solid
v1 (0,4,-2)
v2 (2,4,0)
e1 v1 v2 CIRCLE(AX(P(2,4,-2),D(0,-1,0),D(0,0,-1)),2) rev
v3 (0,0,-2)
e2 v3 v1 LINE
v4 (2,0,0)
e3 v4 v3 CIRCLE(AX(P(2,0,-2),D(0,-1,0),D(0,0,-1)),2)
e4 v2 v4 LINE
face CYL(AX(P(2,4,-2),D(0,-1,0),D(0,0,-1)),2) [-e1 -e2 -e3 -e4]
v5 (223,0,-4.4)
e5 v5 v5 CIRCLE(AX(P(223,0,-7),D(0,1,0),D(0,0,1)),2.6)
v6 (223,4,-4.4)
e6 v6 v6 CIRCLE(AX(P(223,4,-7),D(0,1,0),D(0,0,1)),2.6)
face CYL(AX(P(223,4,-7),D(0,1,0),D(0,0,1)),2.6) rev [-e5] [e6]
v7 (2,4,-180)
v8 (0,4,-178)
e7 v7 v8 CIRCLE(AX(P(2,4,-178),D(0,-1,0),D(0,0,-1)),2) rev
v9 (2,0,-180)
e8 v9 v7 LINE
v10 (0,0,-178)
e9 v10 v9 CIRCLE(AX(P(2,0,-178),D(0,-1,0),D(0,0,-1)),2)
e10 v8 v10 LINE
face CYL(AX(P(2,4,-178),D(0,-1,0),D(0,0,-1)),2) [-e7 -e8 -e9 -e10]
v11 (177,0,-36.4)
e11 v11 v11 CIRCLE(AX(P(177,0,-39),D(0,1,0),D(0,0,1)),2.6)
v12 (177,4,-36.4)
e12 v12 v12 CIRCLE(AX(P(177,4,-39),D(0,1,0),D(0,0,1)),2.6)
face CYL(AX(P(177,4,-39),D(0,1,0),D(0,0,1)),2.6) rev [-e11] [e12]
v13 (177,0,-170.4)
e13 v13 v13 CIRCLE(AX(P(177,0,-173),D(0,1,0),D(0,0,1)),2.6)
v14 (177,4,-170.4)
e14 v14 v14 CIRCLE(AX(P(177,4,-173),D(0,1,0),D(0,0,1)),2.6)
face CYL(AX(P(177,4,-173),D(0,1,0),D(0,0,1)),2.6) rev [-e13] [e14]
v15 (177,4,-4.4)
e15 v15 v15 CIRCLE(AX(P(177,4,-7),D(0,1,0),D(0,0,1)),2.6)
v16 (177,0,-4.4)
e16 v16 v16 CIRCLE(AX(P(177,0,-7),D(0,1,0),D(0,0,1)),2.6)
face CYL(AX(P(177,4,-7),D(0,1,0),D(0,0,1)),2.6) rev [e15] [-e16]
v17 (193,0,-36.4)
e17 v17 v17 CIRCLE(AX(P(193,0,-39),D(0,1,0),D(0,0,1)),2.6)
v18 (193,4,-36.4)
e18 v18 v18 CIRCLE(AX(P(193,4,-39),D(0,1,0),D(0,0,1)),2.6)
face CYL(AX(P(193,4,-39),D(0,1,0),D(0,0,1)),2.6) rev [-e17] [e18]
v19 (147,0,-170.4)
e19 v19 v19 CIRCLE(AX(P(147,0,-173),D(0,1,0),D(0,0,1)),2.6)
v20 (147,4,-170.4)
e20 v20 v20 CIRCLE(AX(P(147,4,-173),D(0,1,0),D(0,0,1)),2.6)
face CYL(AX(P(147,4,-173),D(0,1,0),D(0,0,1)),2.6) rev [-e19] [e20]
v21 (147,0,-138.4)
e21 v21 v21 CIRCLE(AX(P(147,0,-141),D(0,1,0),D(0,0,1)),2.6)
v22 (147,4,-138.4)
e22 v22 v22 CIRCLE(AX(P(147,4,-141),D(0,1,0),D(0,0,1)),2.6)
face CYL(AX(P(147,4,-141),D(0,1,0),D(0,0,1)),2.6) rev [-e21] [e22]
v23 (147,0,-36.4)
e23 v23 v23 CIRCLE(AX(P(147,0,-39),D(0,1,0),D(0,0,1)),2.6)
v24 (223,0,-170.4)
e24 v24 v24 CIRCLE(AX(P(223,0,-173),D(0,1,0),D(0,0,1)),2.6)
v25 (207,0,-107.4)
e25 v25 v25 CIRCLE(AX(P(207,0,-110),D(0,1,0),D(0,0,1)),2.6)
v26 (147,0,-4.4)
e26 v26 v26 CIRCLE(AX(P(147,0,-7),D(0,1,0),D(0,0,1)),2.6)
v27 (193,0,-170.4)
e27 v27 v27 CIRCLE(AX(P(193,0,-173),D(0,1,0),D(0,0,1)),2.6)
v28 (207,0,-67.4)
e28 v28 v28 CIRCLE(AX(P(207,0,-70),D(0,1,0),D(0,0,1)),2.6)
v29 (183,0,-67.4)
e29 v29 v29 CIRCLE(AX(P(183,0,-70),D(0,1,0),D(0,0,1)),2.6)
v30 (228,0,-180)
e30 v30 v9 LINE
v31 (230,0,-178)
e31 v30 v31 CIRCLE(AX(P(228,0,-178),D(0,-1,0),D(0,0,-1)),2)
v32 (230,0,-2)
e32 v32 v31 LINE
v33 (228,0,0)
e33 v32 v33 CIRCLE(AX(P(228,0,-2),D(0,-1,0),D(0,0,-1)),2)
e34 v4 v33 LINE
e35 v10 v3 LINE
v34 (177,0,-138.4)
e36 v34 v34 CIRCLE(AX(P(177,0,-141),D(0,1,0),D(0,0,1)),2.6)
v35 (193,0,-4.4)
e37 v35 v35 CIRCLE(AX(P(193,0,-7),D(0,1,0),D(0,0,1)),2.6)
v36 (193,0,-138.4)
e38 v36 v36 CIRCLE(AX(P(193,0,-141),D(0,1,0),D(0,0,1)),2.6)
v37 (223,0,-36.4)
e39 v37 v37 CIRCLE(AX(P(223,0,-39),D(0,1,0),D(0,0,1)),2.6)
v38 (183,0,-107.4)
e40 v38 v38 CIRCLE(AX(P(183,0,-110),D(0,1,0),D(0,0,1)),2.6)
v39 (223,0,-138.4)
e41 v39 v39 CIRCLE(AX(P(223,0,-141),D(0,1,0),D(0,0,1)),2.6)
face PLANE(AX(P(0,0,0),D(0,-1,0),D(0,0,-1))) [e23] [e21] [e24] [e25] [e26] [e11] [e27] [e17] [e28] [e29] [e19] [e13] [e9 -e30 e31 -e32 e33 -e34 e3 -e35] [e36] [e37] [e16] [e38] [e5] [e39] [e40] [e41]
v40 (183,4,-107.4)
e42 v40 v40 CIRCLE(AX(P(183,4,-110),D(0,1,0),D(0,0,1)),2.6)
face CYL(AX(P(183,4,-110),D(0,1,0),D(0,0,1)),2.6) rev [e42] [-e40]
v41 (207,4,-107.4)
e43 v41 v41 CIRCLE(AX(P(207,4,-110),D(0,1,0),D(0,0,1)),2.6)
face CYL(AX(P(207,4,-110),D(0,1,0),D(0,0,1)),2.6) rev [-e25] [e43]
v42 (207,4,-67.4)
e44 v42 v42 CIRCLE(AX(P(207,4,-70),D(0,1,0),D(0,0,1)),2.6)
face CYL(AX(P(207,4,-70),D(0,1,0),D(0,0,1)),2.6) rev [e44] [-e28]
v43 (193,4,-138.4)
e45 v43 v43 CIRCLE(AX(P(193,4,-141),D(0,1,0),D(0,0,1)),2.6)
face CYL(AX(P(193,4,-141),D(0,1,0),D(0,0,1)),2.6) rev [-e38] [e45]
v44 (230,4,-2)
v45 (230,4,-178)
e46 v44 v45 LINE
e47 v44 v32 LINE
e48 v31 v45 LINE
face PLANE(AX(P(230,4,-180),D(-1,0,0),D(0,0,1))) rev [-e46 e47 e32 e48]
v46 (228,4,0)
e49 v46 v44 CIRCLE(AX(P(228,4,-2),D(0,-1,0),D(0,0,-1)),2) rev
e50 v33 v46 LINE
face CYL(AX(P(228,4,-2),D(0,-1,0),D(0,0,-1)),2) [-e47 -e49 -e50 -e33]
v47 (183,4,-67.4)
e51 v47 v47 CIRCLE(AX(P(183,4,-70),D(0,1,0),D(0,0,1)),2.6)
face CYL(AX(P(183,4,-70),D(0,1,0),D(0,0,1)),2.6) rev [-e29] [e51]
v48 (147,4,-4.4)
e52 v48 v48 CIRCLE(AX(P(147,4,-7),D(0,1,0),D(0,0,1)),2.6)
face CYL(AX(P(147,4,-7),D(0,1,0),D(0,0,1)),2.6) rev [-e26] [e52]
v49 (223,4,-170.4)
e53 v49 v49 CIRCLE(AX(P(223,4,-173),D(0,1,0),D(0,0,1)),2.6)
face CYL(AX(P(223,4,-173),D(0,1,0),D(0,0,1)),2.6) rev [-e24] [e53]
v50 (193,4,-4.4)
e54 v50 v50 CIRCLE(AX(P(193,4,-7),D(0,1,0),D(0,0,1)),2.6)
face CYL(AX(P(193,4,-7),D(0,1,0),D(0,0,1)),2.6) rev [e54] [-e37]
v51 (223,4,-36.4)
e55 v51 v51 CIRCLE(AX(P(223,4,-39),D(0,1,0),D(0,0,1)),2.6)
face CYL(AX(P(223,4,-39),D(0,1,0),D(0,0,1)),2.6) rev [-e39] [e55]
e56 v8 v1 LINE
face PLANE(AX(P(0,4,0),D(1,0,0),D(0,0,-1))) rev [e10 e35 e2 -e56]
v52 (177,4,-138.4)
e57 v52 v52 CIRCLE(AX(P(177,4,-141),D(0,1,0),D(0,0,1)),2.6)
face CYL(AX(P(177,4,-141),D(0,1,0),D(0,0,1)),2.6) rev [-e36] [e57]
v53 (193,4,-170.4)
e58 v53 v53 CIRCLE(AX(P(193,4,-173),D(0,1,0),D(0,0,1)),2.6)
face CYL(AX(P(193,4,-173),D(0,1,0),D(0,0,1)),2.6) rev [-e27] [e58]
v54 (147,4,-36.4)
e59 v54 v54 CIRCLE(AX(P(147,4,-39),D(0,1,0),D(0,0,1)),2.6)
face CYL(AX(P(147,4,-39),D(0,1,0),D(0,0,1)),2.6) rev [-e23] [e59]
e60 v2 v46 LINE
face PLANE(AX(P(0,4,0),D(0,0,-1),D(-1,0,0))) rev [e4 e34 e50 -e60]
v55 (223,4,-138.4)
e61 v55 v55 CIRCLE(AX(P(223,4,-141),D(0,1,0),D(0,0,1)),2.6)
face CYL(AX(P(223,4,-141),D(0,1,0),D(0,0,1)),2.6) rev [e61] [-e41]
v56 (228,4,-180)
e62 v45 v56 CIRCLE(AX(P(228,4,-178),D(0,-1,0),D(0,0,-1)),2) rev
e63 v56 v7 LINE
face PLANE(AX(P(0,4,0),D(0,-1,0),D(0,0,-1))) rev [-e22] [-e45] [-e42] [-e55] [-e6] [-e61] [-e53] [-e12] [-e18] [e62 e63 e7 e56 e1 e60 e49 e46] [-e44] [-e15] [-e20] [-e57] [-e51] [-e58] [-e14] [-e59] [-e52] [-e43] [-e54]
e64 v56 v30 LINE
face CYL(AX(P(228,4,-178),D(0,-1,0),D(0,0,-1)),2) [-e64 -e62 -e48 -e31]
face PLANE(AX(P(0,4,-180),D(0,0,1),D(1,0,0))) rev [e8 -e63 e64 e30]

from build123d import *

# Parameters (mm, degrees)
SKETCH_1_W              = 230
SKETCH_1_H              = 180
EXTRUDE_1_DEPTH         = 4
HOLE_WIZARD_5_2_5_2_1_D = 5.2
FILLET_1_R              = 2


with BuildPart() as part:
    # Эскиз1 → Бобышка-Вытянуть1 (new body)
    with BuildSketch(Plane(origin=(0, 0, 0), x_dir=(1, 0, 0), z_dir=(0, 1, 0))):
        with Locations((115, 90)):
            Rectangle(SKETCH_1_W, SKETCH_1_H)
    extrude(amount=EXTRUDE_1_DEPTH)

    # Диаметр отверстия Ø5.2 (5.2)1 (through all)
    with Locations(Plane(origin=(0, 4, 0), x_dir=(1, 0, 0), z_dir=(0, 1, 0))):
        with Locations((183, 70), (183, 110), (207, 70), (207, 110), (223, 39), (223, 7), (193, 7), (193, 39), (147, 39), (177, 39), (147, 7), (177, 7), (193, 173), (223, 173), (223, 141), (193, 141), (177, 173), (147, 173), (177, 141), (147, 141)):
            Hole(HOLE_WIZARD_5_2_5_2_1_D / 2)

    # Скругление1
    fillet_1_edges = [part.edges().sort_by_distance(p)[0] for p in [
        (0, 2, -180),
        (230, 2, -180),
        (230, 2, 0),
        (0, 2, 0),
    ]]
    fillet(fillet_1_edges, radius=FILLET_1_R)


solid = part.part
